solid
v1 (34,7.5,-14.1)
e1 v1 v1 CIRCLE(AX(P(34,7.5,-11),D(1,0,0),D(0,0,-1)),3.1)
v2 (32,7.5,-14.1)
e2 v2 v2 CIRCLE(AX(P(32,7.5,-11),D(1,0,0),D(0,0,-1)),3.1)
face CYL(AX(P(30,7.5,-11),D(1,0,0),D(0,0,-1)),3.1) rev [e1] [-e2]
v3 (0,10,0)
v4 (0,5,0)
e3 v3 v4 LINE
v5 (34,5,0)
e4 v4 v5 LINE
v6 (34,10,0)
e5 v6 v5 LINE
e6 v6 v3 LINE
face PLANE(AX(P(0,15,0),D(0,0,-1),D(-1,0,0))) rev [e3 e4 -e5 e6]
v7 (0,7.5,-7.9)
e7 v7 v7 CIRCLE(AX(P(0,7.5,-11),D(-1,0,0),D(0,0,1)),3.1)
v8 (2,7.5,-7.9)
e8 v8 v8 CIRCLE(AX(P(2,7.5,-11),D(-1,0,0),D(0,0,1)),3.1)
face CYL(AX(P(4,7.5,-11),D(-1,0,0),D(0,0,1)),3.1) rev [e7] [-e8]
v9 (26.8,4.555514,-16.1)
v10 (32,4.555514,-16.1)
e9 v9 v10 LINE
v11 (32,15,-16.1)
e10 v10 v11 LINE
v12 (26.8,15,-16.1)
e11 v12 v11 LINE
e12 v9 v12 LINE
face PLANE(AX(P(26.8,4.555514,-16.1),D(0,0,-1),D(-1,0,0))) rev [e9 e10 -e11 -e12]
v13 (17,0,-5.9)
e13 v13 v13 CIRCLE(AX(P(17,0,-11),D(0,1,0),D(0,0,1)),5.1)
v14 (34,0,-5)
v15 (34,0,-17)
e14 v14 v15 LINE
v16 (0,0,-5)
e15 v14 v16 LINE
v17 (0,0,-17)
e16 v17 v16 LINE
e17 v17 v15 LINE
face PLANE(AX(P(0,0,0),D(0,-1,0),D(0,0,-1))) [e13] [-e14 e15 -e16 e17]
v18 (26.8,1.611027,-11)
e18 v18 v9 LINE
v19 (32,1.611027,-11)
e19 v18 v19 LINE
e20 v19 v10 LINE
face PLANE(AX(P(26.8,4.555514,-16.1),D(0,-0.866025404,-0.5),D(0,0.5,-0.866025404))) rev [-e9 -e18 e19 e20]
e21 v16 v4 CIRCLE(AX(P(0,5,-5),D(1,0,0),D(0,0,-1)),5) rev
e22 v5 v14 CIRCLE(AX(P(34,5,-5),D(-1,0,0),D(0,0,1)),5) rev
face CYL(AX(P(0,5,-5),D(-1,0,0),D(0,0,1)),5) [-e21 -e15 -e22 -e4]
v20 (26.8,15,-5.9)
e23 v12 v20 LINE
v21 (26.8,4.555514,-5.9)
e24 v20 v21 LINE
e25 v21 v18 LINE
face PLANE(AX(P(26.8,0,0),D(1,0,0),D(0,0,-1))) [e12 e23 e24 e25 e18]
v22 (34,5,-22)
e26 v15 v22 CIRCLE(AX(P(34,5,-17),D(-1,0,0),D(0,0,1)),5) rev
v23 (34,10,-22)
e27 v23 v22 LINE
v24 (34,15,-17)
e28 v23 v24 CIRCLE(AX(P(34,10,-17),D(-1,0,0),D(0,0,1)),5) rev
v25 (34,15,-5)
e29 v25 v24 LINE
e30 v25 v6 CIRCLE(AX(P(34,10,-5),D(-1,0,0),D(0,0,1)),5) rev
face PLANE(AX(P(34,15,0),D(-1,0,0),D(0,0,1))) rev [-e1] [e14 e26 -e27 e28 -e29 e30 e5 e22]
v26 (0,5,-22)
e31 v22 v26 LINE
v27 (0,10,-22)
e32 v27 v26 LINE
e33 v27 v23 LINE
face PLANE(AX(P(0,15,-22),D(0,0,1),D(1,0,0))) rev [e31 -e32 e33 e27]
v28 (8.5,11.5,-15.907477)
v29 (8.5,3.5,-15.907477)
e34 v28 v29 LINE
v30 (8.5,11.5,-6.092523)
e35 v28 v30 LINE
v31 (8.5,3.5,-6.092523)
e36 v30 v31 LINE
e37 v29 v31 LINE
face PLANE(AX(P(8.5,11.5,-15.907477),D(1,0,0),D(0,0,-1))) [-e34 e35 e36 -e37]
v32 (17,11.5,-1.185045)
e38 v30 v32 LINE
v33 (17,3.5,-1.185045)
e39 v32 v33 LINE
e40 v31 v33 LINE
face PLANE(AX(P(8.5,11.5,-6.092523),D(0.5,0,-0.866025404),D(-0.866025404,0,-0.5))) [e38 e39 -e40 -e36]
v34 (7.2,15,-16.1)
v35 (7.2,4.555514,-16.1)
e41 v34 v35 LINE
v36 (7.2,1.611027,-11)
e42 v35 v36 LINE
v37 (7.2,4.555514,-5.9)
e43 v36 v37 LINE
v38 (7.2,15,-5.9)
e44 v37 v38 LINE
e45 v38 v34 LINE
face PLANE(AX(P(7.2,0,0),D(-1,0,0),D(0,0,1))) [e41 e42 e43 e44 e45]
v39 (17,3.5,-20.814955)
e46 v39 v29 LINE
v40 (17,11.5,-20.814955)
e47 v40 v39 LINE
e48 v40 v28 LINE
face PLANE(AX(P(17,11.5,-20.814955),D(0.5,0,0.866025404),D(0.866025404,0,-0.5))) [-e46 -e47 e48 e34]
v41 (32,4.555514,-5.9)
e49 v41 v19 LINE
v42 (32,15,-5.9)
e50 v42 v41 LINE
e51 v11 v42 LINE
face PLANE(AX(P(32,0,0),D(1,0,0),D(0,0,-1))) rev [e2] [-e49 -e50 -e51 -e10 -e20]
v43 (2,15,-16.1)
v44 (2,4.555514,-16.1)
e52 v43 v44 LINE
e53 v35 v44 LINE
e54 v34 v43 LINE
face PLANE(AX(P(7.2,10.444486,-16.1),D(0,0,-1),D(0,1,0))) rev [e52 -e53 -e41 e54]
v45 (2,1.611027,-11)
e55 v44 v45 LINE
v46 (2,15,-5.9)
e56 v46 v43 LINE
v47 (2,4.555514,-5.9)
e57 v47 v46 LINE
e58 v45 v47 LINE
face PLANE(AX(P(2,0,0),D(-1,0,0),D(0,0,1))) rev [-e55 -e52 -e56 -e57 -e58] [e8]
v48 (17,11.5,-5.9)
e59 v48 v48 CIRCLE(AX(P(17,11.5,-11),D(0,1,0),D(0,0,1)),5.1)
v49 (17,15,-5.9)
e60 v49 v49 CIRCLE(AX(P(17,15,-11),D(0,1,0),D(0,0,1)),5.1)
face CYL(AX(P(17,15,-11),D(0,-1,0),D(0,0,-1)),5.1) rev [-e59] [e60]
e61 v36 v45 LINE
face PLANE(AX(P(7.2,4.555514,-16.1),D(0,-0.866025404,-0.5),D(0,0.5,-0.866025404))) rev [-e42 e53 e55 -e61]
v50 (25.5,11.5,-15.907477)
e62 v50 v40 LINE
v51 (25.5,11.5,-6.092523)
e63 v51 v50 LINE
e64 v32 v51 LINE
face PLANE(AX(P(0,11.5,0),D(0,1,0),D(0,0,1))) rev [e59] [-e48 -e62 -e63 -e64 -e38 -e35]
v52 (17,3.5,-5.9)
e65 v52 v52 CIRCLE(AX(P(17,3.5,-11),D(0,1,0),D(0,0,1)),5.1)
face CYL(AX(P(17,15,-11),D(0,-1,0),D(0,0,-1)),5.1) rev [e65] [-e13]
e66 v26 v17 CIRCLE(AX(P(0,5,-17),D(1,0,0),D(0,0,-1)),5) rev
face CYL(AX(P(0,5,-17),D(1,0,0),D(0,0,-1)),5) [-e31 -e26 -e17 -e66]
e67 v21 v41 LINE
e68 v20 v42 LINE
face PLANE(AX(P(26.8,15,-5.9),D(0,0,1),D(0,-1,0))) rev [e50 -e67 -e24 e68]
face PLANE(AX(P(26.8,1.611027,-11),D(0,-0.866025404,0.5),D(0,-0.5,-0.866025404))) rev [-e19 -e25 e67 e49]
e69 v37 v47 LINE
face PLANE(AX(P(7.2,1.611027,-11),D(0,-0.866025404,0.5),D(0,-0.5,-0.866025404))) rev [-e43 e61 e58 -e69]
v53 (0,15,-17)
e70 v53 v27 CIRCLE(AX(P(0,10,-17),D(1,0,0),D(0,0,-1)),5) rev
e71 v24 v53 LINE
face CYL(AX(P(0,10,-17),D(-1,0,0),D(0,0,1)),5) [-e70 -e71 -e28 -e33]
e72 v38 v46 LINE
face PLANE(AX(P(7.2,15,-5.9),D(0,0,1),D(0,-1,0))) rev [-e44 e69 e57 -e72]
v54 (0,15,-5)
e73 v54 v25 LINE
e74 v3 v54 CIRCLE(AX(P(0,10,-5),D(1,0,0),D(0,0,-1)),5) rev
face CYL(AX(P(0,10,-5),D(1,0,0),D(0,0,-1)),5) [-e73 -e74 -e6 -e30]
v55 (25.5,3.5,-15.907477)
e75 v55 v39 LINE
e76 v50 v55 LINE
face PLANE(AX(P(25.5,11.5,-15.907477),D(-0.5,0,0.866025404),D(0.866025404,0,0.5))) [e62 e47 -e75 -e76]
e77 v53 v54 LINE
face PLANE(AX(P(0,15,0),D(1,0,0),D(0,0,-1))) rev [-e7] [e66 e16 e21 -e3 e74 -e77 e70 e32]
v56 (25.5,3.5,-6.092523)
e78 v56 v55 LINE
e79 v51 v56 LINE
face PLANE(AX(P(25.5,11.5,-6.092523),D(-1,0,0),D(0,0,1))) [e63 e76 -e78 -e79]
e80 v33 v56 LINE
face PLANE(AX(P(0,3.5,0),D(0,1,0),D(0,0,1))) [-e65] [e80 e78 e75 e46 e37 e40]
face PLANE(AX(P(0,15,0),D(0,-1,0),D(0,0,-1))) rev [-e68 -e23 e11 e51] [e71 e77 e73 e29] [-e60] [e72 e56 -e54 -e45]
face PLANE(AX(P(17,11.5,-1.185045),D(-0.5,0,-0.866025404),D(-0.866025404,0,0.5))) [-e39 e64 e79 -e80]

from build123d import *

# Parameters (mm, degrees)
CROQUIS1_W                 = 34
CROQUIS1_H                 = 22
CROQUIS1_R                 = 5.1
SALIENTE_EXTRUIR1_DEPTH    = 15
CORTAR_EXTRUIR1_DEPTH      = 5.2
CORTAR_EXTRUIR2_DEPTH      = 5.2
CORTAR_EXTRUIR3_DEPTH      = 4
CORTAR_EXTRUIR3_DEPTH_BACK = 4
CROQUIS5_R                 = 3.1
CORTAR_EXTRUIR4_DEPTH      = 4
CORTAR_EXTRUIR5_START      = -4
CROQUIS6_R                 = 3.1
CORTAR_EXTRUIR5_DEPTH      = 4
REDONDEO1_R                = 5


with BuildPart() as part:
    # Croquis1 → Saliente-Extruir1 (new body)
    with BuildSketch(Plane(origin=(0, 0, 0), x_dir=(1, 0, 0), z_dir=(0, 1, 0))):
        with Locations((17, 11)):
            Rectangle(CROQUIS1_W, CROQUIS1_H)
        with Locations(Location((17, 11, 0), (0, 0, 270))):
            Circle(CROQUIS1_R, mode=Mode.SUBTRACT)
    extrude(amount=SALIENTE_EXTRUIR1_DEPTH)

    # Croquis2 → Cortar-Extruir1 (cut)
    with BuildSketch(Plane.ZY.offset(-2)):
        Polygon((-16.1, 10.444486373), (-16.1, 15), (-5.9, 15), (-5.9, 10.444486373), (-5.9, 4.555513627), (-11, 1.611027254), (-16.1, 4.555513627), align=None)
    extrude(amount=-CORTAR_EXTRUIR1_DEPTH, mode=Mode.SUBTRACT)

    # Croquis3 → Cortar-Extruir2 (cut)
    with BuildSketch(Plane(origin=(32, 0, 0), x_dir=(0, 0, -1), z_dir=(1, 0, 0))):
        Polygon((5.9, 15), (5.9, 4.555513627), (11, 1.611027254), (16.1, 4.555513627), (16.1, 15), align=None)
    extrude(amount=-CORTAR_EXTRUIR2_DEPTH, mode=Mode.SUBTRACT)

    # Croquis4 → Cortar-Extruir3 (cut, two sides: drawn at the far end of the back side and taken through both)
    with BuildSketch(Plane(origin=(0, 7.5, 0), x_dir=(1, 0, 0), z_dir=(0, 1, 0)).offset(-CORTAR_EXTRUIR3_DEPTH_BACK)):
        Polygon((8.5, 6.092522712), (17, 1.185045424), (25.5, 6.092522712), (25.5, 15.907477288), (17, 20.814954576), (8.5, 15.907477288), align=None)
    extrude(amount=CORTAR_EXTRUIR3_DEPTH + CORTAR_EXTRUIR3_DEPTH_BACK, mode=Mode.SUBTRACT)

    # Croquis5 → Cortar-Extruir4 (cut)
    with BuildSketch(Plane(origin=(34, 0, 0), x_dir=(0, 0, -1), z_dir=(1, 0, 0))):
        with Locations((11, 7.5)):
            Circle(CROQUIS5_R)
    extrude(amount=-CORTAR_EXTRUIR4_DEPTH, mode=Mode.SUBTRACT)

    # Croquis6 → Cortar-Extruir5 (cut)
    with BuildSketch(Plane.ZY.offset(CORTAR_EXTRUIR5_START)):
        with Locations(Location((-11, 7.5, 0), (0, 0, 180))):
            Circle(CROQUIS6_R)
    extrude(amount=CORTAR_EXTRUIR5_DEPTH, mode=Mode.SUBTRACT)

    # Redondeo1
    redondeo1_edges = [part.edges().sort_by_distance(p)[0] for p in [
        (17, 15, -22),
        (17, 0, -22),
        (17, 0, 0),
        (17, 15, 0),
    ]]
    fillet(redondeo1_edges, radius=REDONDEO1_R)


solid = part.part
